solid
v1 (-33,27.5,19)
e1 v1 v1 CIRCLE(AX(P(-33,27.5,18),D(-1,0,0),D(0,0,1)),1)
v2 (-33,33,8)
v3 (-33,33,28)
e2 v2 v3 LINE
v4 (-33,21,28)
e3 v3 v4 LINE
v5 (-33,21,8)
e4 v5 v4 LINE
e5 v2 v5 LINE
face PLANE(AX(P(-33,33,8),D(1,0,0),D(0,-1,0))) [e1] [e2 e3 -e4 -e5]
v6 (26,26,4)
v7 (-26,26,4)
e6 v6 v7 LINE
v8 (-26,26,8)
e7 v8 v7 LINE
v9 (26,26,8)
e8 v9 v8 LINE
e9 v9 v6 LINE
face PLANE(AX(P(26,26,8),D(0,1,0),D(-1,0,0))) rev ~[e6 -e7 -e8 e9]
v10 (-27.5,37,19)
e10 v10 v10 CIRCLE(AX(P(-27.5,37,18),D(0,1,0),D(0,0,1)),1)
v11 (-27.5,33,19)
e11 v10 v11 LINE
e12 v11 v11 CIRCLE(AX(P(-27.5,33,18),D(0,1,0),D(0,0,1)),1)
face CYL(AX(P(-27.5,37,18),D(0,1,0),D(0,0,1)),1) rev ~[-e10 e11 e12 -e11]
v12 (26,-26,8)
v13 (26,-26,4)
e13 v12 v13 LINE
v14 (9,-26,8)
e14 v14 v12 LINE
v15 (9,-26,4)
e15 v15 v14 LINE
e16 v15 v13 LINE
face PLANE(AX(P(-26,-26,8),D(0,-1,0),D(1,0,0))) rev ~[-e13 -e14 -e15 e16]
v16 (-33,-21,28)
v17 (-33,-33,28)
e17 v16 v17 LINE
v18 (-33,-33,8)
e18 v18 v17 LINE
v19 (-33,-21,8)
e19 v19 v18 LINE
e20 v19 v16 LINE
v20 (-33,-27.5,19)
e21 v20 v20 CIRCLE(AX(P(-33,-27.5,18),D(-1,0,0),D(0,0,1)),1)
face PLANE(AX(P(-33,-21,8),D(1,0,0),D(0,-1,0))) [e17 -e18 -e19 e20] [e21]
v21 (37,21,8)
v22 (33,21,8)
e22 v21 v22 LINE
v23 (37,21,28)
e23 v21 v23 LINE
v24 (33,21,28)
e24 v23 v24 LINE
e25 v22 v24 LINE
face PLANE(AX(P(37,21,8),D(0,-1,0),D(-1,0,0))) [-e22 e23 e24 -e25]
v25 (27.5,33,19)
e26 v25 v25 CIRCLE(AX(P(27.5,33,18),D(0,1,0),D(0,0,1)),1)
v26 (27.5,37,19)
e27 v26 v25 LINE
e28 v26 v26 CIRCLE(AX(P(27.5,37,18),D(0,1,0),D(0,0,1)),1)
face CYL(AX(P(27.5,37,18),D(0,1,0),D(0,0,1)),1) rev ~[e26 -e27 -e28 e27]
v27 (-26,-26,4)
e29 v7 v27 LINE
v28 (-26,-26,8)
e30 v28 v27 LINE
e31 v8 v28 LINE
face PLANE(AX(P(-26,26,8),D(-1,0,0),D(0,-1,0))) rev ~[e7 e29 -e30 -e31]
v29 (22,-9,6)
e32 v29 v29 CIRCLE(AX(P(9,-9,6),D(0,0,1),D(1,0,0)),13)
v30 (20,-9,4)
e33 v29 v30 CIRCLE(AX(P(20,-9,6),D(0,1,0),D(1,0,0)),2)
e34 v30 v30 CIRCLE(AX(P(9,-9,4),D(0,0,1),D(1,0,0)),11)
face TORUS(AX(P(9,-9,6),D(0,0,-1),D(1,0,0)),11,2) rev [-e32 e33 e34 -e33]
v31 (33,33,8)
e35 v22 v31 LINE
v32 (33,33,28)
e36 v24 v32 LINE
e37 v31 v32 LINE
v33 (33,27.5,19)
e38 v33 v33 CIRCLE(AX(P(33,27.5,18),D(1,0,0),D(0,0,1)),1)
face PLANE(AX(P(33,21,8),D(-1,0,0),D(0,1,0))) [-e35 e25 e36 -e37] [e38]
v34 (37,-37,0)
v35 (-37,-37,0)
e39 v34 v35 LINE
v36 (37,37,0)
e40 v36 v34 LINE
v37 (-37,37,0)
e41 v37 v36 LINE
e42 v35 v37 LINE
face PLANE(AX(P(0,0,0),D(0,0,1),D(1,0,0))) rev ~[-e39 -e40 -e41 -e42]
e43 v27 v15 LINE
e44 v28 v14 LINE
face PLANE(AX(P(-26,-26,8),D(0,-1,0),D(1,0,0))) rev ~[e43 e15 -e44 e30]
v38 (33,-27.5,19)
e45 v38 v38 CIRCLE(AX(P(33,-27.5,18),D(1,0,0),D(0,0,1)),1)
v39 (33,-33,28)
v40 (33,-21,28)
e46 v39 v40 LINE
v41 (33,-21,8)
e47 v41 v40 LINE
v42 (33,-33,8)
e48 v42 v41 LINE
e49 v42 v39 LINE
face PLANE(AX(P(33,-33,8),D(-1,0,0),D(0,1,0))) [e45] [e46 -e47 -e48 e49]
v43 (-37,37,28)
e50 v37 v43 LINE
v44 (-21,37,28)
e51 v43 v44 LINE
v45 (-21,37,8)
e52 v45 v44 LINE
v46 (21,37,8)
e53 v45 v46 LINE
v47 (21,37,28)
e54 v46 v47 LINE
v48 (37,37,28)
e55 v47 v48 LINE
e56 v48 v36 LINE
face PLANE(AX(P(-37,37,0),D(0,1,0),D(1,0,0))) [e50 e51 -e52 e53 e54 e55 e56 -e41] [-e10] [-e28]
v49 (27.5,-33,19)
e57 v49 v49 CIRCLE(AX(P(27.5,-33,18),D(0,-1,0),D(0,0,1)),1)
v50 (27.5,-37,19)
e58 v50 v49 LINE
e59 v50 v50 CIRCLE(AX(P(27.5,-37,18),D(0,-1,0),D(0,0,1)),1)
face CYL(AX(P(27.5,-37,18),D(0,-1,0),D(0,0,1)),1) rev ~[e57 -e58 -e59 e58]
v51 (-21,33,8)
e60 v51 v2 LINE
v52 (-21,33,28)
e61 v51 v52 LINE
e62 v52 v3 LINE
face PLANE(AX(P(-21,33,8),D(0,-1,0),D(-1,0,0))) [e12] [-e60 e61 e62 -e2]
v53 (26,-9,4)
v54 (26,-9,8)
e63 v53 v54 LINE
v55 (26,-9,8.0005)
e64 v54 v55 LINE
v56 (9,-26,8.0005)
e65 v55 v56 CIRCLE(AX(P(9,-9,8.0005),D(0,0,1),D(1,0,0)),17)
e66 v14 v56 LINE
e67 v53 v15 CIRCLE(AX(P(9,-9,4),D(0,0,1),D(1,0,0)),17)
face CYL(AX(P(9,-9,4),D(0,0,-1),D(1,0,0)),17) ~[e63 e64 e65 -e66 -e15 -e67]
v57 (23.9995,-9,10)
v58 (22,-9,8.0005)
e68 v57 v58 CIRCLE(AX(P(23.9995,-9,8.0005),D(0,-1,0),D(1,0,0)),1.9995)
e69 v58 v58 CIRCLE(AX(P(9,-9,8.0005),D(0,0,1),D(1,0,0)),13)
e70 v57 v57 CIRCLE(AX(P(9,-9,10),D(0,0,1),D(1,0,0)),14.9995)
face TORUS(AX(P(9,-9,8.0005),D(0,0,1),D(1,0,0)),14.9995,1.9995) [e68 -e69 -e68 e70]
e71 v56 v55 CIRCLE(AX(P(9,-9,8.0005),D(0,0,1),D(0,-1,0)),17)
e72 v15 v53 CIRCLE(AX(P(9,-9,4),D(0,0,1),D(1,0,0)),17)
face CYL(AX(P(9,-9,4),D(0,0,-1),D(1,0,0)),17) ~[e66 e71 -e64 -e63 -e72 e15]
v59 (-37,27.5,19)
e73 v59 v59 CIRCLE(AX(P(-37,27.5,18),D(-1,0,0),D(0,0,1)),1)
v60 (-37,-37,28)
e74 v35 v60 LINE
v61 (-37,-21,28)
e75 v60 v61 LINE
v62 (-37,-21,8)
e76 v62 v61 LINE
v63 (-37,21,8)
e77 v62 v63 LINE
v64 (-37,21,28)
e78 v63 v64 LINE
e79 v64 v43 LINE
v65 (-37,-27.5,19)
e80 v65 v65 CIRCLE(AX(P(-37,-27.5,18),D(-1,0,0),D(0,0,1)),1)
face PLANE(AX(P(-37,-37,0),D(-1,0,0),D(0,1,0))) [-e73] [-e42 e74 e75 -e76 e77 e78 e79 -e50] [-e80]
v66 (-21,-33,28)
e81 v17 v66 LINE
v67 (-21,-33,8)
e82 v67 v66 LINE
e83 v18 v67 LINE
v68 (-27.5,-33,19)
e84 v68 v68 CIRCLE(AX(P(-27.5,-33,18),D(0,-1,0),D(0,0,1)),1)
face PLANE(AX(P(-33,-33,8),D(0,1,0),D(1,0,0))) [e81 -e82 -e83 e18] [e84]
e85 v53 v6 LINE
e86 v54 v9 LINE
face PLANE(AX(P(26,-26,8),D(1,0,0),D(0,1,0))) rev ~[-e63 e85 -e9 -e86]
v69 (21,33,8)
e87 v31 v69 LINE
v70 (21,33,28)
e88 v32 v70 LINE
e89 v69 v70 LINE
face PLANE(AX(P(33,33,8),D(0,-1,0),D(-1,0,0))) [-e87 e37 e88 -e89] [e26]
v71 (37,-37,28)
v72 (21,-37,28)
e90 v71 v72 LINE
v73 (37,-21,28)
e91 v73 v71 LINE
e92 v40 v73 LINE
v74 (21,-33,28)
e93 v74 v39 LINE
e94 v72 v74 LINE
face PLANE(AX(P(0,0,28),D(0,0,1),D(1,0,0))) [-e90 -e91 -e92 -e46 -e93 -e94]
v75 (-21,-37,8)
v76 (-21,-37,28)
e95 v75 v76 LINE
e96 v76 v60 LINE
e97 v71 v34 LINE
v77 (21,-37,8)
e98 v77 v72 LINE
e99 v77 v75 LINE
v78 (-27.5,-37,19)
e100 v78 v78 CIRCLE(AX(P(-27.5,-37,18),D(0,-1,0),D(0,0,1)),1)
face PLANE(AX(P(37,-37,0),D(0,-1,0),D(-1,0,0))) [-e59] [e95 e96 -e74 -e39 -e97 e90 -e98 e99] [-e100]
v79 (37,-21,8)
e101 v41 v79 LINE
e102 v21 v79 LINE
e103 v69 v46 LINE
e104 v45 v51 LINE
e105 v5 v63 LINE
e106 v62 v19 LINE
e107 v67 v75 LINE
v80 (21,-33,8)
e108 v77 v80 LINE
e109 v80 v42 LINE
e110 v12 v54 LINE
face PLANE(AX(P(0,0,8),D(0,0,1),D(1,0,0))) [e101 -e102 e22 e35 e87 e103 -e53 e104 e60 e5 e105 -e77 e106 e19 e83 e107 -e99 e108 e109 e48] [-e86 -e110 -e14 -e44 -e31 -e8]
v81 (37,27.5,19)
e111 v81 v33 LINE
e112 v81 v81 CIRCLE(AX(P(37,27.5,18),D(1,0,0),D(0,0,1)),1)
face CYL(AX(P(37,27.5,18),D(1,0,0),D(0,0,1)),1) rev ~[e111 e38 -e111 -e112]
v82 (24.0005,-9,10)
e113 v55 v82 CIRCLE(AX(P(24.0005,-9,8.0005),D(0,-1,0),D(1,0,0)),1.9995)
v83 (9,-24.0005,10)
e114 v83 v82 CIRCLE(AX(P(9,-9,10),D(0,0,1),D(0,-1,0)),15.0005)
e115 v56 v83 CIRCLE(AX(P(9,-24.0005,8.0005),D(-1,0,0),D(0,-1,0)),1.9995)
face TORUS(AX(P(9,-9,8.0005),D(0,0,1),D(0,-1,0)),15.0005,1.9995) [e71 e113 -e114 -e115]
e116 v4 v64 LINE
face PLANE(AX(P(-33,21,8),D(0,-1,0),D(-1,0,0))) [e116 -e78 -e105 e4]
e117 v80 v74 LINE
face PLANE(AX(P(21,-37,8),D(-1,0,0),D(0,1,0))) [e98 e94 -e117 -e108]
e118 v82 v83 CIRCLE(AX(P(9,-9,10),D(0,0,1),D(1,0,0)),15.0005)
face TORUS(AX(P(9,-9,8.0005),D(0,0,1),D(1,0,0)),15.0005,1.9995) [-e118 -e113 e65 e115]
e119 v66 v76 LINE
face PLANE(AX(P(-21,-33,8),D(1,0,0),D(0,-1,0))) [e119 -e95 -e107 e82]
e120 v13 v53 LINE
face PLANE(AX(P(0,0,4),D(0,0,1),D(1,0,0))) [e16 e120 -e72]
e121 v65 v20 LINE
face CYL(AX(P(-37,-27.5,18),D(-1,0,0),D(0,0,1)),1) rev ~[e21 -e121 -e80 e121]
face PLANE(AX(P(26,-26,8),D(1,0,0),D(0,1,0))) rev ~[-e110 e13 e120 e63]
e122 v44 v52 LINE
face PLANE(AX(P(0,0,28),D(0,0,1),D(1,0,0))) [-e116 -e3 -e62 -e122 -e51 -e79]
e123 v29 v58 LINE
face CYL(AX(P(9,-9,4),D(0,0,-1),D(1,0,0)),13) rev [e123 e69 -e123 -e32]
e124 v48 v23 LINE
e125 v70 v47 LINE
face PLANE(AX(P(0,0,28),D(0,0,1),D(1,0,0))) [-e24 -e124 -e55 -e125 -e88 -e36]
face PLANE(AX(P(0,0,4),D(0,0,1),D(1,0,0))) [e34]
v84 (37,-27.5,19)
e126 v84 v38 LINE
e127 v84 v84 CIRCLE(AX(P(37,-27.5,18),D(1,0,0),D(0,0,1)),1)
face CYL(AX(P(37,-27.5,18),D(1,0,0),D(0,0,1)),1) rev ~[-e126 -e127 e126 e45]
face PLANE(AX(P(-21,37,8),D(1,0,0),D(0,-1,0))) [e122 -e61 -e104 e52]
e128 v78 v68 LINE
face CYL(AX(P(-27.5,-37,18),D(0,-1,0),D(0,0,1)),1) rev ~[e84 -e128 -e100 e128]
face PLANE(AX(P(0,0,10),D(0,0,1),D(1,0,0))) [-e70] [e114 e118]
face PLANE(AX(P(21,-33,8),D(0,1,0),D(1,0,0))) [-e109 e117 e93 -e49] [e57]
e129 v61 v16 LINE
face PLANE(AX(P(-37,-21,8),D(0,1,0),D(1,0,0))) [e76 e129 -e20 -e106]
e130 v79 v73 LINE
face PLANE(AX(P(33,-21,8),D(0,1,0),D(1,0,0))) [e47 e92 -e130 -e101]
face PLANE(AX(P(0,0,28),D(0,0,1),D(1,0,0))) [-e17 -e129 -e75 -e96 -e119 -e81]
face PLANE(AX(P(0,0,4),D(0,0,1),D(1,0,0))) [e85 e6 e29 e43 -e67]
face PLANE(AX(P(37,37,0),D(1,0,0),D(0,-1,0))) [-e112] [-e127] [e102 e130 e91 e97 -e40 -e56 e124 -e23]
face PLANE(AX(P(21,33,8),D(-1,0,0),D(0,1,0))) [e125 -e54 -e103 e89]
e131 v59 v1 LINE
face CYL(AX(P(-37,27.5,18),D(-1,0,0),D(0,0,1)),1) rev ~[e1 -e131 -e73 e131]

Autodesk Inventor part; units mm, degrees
ref_plane "YZ Plane" through (0, 0, 0) normal (1, 0, 0) x (0, 1, 0)
ref_plane "XZ Plane" through (0, 0, 0) normal (0, 1, 0) x (-1, 0, 0)
ref_plane "XY Plane" through (0, 0, 0) normal (0, 0, 1) x (1, 0, 0)
sketch "Sketch2" plane through (0, 0, 0) normal (0, 0, 1) x (1, 0, 0)
  line L0 (-37, 37) -> (37, 37)
  line L1 (37, 37) -> (37, -37)
  line L2 (37, -37) -> (-37, -37)
  line L3 (-37, -37) -> (-37, 37)
  point P0 (0, 0)
  point P1 (0, 37)
  point P2 (37, 0)
  dimension "d0" = 74
  dimension "d1" = 74
extrude "Extrusion1" add sketch "Sketch2" along normal blind 8
sketch "Sketch3" plane through (0, 0, 8) normal (0, 0, 1) x (1, 0, 0)
  line L0 (-37, 37) -> (-21, 37)
  line L1 (-21, 37) -> (-21, 33)
  line L2 (-21, 33) -> (-37, 33)
  line L3 (-37, 33) -> (-37, 37)
  line L4 (-37, 37) -> (-37, -37) construction
  line L5 (37, 37) -> (-37, 37) construction
  line L6 (-37, 33) -> (-33, 33)
  line L7 (-33, 33) -> (-33, 21)
  line L8 (-33, 21) -> (-37, 21)
  line L9 (-37, 21) -> (-37, 33)
  line L10 (21, 33) -> (21, 37)
  line L11 (21, 37) -> (33, 37)
  line L12 (33, 37) -> (33, 33)
  line L13 (33, 33) -> (21, 33)
  line L14 (33, 21) -> (33, 37)
  line L15 (37, 21) -> (33, 21)
  line L16 (37, 37) -> (37, 21)
  line L17 (33, 37) -> (37, 37)
  line L18 (33, -21) -> (37, -21)
  line L19 (37, -21) -> (37, -33)
  line L20 (37, -33) -> (33, -33)
  line L21 (33, -33) -> (33, -21)
  line L22 (21, -33) -> (37, -33)
  line L23 (21, -37) -> (21, -33)
  line L24 (37, -37) -> (21, -37)
  line L25 (37, -33) -> (37, -37)
  line L26 (-21, -33) -> (-21, -37)
  line L27 (-21, -37) -> (-33, -37)
  line L28 (-33, -37) -> (-33, -33)
  line L29 (-33, -33) -> (-21, -33)
  line L30 (-33, -21) -> (-33, -37)
  line L31 (-37, -21) -> (-33, -21)
  line L32 (-37, -37) -> (-37, -21)
  line L33 (-33, -37) -> (-37, -37)
  point P0 (0, 0)
  point P1 (0, 0)
  point P2 (0, 0)
  point P3 (0, 0)
  dimension "d4" = 0
  dimension "d5" = 16
  dimension "d6" = 4
  dimension "d8" = 4
  dimension "d9" = 12
  dimension "d12" = 360
extrude "Extrusion2" add sketch "Sketch3" along normal blind 20
sketch "Sketch4" plane through (-37, -37, 0) normal (-1, 0, 0) x (0, 0, 1)
  circle A0 centre (18, 64.5) radius 1
  line L0 (28, 74) -> (28, 58) projected
  line L1 (8, 58) -> (8, 16) projected
  line L2 (0, 37) -> (20, 37) construction
  line L3 (0, 37) -> (20, 37) construction
  circle A1 centre (18, 9.5) radius 1
  line L4 (0, 74) -> (28, 74) projected
  dimension "d16" = 2
  dimension "d18" = 10
  dimension "d19" = 20
  dimension "d20" = 0
  dimension "d26" = 9.5
extrude "Extrusion3" cut sketch "Sketch4" against normal up to surface (4 mm away)
pattern_circular "Circular Pattern1" count 4 over 360 about axis through (0, 0, -10) along (0, 0, 1) of "Extrusion3"
sketch "Sketch5" plane through (0, 0, 8) normal (0, 0, 1) x (1, 0, 0)
  line L0 (-26, -26) -> (26, -26)
  line L1 (26, -26) -> (26, 26)
  line L2 (26, 26) -> (-26, 26)
  line L3 (-26, 26) -> (-26, -26)
  line L4 (-21, -37) -> (21, -37) projected
  line L5 (-37, 21) -> (-37, -21) projected
  point P0 (0, 0)
  point P1 (-26, 0)
  point P2 (0, 26)
  dimension "d27" = 11
  dimension "d28" = 11
extrude "Extrusion4" cut sketch "Sketch5" against normal blind 4
sketch "Sketch8" plane through (0, 0, 4) normal (0, 0, 1) x (1, 0, 0)
  circle A0 centre (9, -9) radius 17
  line L0 (26, -26) -> (-26, -26) projected
  line L1 (26, 26) -> (26, -26) projected
  circle A1 centre (9, -9) radius 13
  point P0 (0, 0)
  dimension "d49" = 34
  dimension "d50" = 26
extrude "Extrusion7" add sketch "Sketch8" along normal blind 6 contours A0
fillet "Fillet1" radius 2 2 edges at (-4, -9, 10) (-8, -9, 10)
fillet "Fillet2" radius 2 1 edges at (-4, -9, 4)
equation "\"d1\" = d0"
equation "\"d8\" = d6"
equation "\"d9\" = d5 - d6"
properties part number "Bottom"
